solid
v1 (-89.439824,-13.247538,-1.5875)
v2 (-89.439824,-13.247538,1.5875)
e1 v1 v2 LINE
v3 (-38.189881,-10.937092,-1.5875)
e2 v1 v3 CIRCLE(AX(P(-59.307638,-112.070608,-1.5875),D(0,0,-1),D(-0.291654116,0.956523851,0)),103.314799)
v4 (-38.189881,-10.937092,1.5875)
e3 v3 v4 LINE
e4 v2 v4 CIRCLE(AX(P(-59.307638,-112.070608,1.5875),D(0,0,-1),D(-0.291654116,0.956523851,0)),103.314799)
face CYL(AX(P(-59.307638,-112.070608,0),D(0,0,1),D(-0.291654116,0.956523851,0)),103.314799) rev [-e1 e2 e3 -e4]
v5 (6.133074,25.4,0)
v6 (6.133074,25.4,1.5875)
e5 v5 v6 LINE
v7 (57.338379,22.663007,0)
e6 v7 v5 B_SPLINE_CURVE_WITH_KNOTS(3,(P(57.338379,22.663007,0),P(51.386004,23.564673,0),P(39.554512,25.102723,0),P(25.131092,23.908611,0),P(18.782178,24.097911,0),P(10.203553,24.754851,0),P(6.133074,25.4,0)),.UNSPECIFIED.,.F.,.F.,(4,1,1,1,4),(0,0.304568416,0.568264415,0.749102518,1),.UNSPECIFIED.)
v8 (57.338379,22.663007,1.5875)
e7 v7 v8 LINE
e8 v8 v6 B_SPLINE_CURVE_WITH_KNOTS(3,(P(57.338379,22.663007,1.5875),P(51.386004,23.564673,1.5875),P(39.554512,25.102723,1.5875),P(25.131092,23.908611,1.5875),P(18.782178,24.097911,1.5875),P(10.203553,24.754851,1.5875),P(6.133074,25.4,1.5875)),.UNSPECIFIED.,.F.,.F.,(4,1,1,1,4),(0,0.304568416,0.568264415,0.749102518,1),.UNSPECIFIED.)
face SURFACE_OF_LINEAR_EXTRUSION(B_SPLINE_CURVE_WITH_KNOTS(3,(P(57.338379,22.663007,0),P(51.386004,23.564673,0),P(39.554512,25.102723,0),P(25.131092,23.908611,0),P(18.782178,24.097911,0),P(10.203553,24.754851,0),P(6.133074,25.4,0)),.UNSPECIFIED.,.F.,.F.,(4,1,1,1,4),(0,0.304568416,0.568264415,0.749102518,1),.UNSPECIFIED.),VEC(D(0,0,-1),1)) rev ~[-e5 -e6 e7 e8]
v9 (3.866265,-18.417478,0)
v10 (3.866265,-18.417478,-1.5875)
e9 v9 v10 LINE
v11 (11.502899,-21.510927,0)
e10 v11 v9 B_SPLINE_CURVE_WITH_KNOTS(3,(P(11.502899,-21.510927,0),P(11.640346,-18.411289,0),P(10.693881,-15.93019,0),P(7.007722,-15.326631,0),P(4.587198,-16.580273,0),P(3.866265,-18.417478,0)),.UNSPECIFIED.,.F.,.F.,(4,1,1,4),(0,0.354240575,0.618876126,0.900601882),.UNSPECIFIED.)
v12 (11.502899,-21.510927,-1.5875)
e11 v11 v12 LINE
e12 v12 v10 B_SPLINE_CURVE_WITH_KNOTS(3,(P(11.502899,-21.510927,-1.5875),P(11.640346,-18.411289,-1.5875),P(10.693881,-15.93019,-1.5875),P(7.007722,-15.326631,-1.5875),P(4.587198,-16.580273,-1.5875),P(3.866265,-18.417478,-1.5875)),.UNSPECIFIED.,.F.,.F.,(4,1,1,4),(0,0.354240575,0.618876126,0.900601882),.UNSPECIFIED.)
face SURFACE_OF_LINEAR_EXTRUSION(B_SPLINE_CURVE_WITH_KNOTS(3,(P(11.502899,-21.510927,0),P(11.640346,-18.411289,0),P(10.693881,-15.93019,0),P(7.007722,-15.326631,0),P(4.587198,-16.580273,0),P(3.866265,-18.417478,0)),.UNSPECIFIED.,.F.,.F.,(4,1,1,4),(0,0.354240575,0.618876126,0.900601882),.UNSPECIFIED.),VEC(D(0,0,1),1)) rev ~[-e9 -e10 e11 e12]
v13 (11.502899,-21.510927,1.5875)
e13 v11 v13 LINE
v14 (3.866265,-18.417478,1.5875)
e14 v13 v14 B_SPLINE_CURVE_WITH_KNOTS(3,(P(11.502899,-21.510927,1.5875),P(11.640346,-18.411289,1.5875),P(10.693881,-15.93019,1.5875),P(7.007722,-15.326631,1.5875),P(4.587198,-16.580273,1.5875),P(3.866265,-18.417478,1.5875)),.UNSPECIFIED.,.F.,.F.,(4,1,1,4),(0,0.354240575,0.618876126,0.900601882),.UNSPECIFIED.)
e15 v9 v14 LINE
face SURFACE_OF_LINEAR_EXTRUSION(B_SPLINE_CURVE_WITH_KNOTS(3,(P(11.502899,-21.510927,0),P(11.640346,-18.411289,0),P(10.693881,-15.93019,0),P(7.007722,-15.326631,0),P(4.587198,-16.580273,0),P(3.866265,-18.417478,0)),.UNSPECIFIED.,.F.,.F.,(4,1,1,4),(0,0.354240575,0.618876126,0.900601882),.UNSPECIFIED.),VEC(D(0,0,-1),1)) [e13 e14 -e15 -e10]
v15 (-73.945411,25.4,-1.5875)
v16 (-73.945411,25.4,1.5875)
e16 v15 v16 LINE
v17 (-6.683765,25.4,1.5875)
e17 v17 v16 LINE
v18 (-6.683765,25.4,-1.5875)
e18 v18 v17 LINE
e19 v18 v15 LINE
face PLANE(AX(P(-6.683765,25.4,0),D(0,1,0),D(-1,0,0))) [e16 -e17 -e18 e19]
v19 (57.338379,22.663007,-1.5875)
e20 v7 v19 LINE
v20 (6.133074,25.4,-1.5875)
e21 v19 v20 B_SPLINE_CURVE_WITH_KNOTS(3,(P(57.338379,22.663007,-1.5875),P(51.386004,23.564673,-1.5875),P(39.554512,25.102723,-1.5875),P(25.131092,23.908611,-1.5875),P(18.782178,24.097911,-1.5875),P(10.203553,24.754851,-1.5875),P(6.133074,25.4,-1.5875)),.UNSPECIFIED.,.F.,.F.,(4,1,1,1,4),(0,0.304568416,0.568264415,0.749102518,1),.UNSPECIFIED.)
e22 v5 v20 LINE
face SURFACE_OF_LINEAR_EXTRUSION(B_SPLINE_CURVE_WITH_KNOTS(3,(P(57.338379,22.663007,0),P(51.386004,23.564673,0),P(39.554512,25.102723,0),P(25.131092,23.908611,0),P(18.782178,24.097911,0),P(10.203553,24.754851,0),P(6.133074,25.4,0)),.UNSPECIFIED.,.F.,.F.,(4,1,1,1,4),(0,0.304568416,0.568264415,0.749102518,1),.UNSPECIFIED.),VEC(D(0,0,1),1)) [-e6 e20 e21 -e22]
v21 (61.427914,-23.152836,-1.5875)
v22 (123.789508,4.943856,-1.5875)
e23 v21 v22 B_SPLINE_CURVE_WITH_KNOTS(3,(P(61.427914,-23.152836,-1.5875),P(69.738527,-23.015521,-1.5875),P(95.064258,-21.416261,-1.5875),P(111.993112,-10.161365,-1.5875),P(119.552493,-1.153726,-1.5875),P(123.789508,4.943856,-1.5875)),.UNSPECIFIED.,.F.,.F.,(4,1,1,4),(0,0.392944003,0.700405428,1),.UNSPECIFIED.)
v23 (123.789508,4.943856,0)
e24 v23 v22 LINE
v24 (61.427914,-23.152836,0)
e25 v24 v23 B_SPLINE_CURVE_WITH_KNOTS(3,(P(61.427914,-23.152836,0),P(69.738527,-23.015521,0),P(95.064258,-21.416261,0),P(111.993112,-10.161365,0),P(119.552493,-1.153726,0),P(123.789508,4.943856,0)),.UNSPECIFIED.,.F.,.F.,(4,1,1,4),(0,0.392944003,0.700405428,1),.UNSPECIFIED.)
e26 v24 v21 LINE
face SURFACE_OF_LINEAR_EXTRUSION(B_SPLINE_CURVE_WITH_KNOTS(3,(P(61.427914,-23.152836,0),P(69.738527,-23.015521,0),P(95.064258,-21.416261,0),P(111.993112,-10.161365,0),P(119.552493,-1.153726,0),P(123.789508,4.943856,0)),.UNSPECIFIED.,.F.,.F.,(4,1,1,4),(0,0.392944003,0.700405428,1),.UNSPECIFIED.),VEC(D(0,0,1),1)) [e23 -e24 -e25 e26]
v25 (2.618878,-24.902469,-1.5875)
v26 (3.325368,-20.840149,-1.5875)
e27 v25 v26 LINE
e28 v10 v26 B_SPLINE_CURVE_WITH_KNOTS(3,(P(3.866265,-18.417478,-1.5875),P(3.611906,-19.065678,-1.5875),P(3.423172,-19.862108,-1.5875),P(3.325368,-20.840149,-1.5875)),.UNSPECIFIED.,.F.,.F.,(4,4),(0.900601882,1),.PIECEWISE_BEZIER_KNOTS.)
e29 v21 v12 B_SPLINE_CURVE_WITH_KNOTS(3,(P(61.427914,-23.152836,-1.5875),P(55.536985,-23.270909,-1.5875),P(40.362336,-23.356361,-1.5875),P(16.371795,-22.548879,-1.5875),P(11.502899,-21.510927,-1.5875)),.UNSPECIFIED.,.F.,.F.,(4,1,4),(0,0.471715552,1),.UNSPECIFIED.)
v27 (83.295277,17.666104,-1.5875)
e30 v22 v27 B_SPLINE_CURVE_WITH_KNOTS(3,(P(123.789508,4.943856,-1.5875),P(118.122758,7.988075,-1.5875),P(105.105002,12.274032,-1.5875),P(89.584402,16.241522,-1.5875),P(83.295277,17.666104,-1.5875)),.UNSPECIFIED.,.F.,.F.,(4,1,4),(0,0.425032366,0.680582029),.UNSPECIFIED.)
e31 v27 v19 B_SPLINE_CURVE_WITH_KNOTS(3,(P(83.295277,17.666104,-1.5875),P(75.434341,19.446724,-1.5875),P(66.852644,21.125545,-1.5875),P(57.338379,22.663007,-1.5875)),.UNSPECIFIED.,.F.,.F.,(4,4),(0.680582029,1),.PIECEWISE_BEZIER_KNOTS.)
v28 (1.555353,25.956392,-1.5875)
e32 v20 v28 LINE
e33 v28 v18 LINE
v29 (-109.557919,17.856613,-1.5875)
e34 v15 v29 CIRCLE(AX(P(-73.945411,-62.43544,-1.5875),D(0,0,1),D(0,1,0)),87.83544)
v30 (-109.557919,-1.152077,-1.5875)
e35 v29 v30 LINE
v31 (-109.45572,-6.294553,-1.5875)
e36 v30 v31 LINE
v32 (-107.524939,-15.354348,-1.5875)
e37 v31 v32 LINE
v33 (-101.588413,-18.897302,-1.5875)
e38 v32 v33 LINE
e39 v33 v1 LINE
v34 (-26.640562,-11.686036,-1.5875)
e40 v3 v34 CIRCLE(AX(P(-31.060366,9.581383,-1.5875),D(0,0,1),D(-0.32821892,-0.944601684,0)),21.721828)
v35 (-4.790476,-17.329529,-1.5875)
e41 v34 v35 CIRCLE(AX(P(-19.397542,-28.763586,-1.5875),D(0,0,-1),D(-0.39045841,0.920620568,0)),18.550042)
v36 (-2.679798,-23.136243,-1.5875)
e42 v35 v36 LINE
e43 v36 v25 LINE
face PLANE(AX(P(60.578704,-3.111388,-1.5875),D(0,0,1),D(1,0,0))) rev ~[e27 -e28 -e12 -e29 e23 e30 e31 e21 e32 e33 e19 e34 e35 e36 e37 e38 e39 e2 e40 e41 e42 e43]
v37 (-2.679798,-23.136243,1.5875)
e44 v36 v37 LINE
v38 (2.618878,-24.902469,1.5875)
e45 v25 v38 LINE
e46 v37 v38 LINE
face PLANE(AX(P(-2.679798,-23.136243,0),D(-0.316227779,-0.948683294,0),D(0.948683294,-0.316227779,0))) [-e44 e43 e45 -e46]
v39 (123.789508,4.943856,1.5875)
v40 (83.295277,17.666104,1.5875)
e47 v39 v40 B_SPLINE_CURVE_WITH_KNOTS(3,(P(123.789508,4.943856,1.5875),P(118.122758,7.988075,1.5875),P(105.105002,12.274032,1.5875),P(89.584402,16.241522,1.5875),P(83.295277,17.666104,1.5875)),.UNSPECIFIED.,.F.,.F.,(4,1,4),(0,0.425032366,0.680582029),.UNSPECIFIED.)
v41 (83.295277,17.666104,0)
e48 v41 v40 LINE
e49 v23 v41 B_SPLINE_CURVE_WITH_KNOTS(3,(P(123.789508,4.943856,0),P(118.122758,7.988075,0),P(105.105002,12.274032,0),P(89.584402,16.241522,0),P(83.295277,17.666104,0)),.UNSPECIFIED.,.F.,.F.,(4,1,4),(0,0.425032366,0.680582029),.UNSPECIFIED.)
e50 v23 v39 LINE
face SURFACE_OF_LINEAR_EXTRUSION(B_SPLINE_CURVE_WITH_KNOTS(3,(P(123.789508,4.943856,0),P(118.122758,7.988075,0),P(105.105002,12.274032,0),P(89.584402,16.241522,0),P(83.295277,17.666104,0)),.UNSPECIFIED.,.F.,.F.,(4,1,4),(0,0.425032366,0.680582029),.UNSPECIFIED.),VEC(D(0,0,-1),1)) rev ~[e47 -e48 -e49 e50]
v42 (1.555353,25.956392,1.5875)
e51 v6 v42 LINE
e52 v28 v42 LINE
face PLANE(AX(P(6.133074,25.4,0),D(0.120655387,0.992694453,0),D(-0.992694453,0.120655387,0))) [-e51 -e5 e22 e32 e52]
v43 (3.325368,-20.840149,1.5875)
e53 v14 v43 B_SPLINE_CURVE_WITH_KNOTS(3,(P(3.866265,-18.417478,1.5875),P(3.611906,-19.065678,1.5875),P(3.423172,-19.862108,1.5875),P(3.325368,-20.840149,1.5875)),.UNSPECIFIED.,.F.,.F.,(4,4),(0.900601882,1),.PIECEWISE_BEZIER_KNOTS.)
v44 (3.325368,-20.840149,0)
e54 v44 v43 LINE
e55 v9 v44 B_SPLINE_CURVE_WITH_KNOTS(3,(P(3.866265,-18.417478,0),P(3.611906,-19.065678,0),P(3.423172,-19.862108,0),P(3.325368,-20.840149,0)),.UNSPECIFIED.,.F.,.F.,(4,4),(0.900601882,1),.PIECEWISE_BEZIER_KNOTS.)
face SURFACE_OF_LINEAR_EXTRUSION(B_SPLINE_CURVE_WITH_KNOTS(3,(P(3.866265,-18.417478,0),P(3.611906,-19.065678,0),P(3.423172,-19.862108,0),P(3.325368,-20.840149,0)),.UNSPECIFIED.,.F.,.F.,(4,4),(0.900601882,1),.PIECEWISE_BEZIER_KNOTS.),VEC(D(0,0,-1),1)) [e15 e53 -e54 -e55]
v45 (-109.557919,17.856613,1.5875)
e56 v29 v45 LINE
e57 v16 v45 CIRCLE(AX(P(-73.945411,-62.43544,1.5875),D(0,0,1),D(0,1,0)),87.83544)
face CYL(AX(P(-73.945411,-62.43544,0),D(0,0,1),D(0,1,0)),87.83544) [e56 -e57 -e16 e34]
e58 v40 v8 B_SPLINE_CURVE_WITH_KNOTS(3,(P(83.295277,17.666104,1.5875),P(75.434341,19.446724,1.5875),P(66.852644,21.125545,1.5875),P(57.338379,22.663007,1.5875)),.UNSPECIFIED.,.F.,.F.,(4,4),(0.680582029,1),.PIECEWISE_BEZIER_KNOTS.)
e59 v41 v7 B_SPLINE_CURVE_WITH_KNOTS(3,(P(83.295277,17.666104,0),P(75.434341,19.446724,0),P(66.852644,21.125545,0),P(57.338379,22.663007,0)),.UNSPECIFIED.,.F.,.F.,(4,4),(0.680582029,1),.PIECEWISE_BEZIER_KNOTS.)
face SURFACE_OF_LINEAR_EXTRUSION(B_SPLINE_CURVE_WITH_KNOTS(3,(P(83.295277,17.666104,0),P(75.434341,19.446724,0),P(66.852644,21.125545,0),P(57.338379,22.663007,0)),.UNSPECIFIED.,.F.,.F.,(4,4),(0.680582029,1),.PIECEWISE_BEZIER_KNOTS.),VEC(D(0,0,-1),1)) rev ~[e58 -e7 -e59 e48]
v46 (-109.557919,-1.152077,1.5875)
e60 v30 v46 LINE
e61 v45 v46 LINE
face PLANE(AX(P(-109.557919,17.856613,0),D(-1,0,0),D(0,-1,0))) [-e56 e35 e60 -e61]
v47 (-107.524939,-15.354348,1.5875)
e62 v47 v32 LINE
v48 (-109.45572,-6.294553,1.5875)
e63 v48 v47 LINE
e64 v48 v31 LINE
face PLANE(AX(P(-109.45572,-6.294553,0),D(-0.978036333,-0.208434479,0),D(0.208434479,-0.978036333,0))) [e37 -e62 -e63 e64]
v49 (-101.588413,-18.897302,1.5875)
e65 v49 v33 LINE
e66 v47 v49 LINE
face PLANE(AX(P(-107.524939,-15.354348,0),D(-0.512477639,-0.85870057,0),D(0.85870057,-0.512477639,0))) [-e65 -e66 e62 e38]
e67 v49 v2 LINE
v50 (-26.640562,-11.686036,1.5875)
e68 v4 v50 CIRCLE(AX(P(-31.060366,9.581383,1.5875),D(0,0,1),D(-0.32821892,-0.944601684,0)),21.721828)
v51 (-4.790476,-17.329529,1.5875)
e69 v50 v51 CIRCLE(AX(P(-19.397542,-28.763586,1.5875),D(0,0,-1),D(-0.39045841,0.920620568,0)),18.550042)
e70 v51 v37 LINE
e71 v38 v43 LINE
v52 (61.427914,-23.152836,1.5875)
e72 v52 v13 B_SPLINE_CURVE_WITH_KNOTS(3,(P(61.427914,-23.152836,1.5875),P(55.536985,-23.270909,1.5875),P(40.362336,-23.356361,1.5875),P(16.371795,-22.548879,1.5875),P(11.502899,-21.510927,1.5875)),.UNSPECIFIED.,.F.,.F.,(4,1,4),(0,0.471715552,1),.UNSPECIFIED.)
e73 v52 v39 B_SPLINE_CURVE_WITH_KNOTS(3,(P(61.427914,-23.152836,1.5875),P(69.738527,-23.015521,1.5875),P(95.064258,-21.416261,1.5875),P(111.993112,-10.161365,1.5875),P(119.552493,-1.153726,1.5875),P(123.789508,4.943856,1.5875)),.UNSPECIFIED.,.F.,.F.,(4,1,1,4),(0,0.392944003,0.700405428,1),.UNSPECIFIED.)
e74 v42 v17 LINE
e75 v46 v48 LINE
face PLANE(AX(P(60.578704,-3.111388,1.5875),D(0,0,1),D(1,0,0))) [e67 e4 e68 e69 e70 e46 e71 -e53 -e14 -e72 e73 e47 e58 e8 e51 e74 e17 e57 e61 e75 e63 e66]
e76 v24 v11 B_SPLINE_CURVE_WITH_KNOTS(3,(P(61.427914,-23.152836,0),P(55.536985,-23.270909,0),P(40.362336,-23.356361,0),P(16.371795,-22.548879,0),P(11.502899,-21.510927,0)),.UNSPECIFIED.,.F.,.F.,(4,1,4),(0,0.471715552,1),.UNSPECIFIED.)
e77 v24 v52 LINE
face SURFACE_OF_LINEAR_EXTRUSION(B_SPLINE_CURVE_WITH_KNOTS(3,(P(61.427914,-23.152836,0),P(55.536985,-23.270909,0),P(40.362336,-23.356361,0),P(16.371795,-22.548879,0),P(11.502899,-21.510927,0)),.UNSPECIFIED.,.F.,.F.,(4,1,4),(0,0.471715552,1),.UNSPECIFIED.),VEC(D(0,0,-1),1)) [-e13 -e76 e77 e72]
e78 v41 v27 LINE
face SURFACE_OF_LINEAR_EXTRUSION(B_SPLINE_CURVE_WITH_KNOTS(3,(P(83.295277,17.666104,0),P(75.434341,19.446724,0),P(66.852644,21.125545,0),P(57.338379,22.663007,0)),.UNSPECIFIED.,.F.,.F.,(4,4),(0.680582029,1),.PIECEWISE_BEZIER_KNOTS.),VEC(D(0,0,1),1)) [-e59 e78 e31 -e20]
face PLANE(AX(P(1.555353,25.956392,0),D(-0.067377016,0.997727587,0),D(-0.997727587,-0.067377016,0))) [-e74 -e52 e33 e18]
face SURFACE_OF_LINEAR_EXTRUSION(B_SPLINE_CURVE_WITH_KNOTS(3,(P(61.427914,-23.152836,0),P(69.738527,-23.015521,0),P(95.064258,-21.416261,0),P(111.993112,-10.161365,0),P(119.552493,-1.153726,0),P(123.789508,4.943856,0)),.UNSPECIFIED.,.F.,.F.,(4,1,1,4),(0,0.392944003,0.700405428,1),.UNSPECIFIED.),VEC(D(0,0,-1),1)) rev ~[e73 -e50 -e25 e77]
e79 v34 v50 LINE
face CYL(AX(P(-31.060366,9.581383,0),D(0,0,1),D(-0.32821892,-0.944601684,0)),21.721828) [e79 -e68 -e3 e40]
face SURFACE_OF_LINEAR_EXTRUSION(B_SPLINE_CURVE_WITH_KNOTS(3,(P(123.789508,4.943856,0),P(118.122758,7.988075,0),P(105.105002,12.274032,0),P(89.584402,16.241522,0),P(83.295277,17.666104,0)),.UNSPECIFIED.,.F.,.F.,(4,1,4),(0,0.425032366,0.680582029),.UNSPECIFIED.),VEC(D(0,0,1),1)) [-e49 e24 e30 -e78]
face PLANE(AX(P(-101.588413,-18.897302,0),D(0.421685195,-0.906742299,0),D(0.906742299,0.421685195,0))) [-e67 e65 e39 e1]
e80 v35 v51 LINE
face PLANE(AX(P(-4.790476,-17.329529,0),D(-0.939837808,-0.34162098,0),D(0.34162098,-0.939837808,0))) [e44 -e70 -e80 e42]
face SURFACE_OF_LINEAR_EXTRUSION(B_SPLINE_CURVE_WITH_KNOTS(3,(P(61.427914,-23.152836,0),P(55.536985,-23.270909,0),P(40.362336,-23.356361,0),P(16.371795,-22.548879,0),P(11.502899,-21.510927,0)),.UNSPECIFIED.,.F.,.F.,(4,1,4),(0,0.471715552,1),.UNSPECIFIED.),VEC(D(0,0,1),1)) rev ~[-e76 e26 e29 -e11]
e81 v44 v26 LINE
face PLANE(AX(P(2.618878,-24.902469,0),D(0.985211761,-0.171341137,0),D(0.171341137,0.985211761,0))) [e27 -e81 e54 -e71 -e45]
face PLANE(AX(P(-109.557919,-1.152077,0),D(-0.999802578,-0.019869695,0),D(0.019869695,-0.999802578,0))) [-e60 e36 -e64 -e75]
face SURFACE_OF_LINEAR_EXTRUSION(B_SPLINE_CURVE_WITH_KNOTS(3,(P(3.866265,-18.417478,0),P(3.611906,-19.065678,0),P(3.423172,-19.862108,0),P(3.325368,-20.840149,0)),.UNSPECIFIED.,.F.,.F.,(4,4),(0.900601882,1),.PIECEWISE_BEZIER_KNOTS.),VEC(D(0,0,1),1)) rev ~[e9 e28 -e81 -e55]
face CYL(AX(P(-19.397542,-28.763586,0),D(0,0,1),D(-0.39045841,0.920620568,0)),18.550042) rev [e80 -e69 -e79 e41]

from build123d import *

# Parameters (mm, degrees)
F1_DEPTH      = 1.5875
F2_DEPTH      = 1.5875
F3_DEPTH      = 1.5875
F3_DEPTH_BACK = 1.5875


with BuildPart() as f1:
    # F0 (on Top) → F1 (new body)
    with BuildSketch(Plane.XY):
        with BuildLine():
            Line((-101.5884131193, -18.8973024487), (-89.4398242235, -13.247538358))
            ThreePointArc((-89.4398242235, -13.247538358), (-63.9605427044, -8.860636447), (-38.1898805499, -10.9370918944))
            ThreePointArc((-38.1898805499, -10.9370918944), (-32.4660196125, -12.0949158123), (-26.640561875, -11.6860363632))
            ThreePointArc((-26.640561875, -11.6860363632), (-14.7586255851, -10.8029487579), (-4.7904760577, -17.3295289278))
            Line((-4.7904760577, -17.3295289278), (-2.6797975879, -23.1362432241))
            Line((-2.6797975879, -23.1362432241), (2.6188781485, -24.9024685472))
            Line((2.6188781485, -24.9024685472), (3.3253682777, -20.8401493728))
            add(Edge.make_bspline(
                [(3.8662650694, -18.4174778796), (3.611906377, -19.0656781935), (3.4231723145, -19.8621077155), (3.3253682777, -20.8401493728)],
                knots=[0.9006018819, 0.9006018819, 0.9006018819, 0.9006018819, 1, 1, 1, 1], degree=3))
            ThreePointArc((3.8662650694, -18.4174778796), (9.6420642738, -2.2568424674), (17.1927238868, 13.1546315953))
            add(Edge.make_bspline(
                [(19.2337166518, 14.6902082488), (18.6318591554, 14.4187646386), (17.59365201, 13.7314004824), (17.1927238868, 13.1546315953)],
                knots=[0, 0, 0, 0, 2.5541431294, 2.5541431294, 2.5541431294, 2.5541431294], degree=3))
            add(Edge.make_bspline(
                [(83.2952766221, 17.6661035357), (80.4809135378, 16.6286477767), (74.7370679332, 14.5111030682), (64.3408485466, 15.5369801541), (53.4850420824, 16.9731062249), (39.4603352069, 19.1405437268), (27.191213055, 18.2323443266), (21.8879047106, 15.9122857049), (19.2337166518, 14.6902082488)],
                knots=[0, 0, 0, 0, 0.1519877595, 0.3134001461, 0.4827768067, 0.6751193638, 0.8516699299, 1, 1, 1, 1], degree=3))
            add(Edge.make_bspline(
                [(83.2952766221, 17.6661035357), (75.4343407531, 19.4467237762), (66.8526441437, 21.1255448484), (57.3383793235, 22.663006559)],
                knots=[0.6805820288, 0.6805820288, 0.6805820288, 0.6805820288, 1, 1, 1, 1], degree=3))
            add(Edge.make_bspline(
                [(57.3383793235, 22.663006559), (51.3860041145, 23.5646728097), (39.5545116639, 25.1027234946), (25.1310915838, 23.9086109925), (18.7821781751, 24.0979107297), (10.2035533763, 24.7548514651), (6.1330744065, 25.4)],
                knots=[0, 0, 0, 0, 0.3045684162, 0.5682644154, 0.7491025184, 1, 1, 1, 1], degree=3))
            Line((6.1330744065, 25.4), (1.5553526144, 25.95639154))
            Line((1.5553526144, 25.95639154), (-6.6837654449, 25.4))
            Line((-6.6837654449, 25.4), (-20.9665372968, 25.4))
            Line((-20.9665372968, 25.4), (-73.9454105496, 25.4))
            ThreePointArc((-73.9454105496, 25.4), (-92.1467392312, 23.4934617336), (-109.5579192042, 17.8566128016))
            Line((-109.5579192042, 17.8566128016), (-109.5579192042, -1.152076642))
            Line((-109.5579192042, -1.152076642), (-109.4557195902, -6.2945531681))
            Line((-109.4557195902, -6.2945531681), (-107.5249388814, -15.3543483466))
            Line((-107.5249388814, -15.3543483466), (-101.5884131193, -18.8973024487))
        make_face()
    extrude(amount=F1_DEPTH)

    # F2 (add): a face of the model
    f2_faces = [f1.faces().sort_by_distance(p)[0] for p in [
        (-39.6121775227, 7.2978383867, 0),
    ]]
    extrude(f2_faces, amount=F2_DEPTH)

    # F0 (on Top) → F3 (join, two sides)
    with BuildSketch(Plane.XY) as f3_sk:
        with BuildLine():
            ThreePointArc((17.1927238868, 13.1546315953), (9.6420642738, -2.2568424674), (3.8662650694, -18.4174778796))
            add(Edge.make_bspline(
                [(11.5028988087, -21.510926818), (11.6403456009, -18.4112889852), (10.6938808175, -15.9301904115), (7.0077218043, -15.3266314496), (4.5871981853, -16.580272839), (3.8662650694, -18.4174778796)],
                knots=[0, 0, 0, 0, 0.354240575, 0.6188761258, 0.9006018819, 0.9006018819, 0.9006018819, 0.9006018819], degree=3))
            add(Edge.make_bspline(
                [(61.4279137712, -23.1528356665), (55.5369847146, -23.2709089404), (40.3623363295, -23.3563614522), (16.3717952101, -22.5488794213), (11.5028988087, -21.510926818)],
                knots=[0, 0, 0, 0, 0.4717155518, 1, 1, 1, 1], degree=3))
            add(Edge.make_bspline(
                [(61.4279137712, -23.1528356665), (69.7385266657, -23.0155210755), (95.0642582897, -21.4162605515), (111.9931118186, -10.1613653445), (119.5524930257, -1.1537255666), (123.7895080587, 4.9438558941)],
                knots=[0, 0, 0, 0, 0.3929440031, 0.7004054275, 1, 1, 1, 1], degree=3))
            add(Edge.make_bspline(
                [(123.7895080587, 4.9438558941), (118.1227580639, 7.9880751421), (105.1050021221, 12.2740321559), (89.5844015046, 16.2415221313), (83.2952766221, 17.6661035357)],
                knots=[0, 0, 0, 0, 0.425032366, 0.6805820288, 0.6805820288, 0.6805820288, 0.6805820288], degree=3))
            add(Edge.make_bspline(
                [(83.2952766221, 17.6661035357), (80.4809135378, 16.6286477767), (74.7370679332, 14.5111030682), (64.3408485466, 15.5369801541), (53.4850420824, 16.9731062249), (39.4603352069, 19.1405437268), (27.191213055, 18.2323443266), (21.8879047106, 15.9122857049), (19.2337166518, 14.6902082488)],
                knots=[0, 0, 0, 0, 0.1519877595, 0.3134001461, 0.4827768067, 0.6751193638, 0.8516699299, 1, 1, 1, 1], degree=3))
            add(Edge.make_bspline(
                [(19.2337166518, 14.6902082488), (18.6318591554, 14.4187646386), (17.59365201, 13.7314004824), (17.1927238868, 13.1546315953)],
                knots=[0, 0, 0, 0, 2.5541431294, 2.5541431294, 2.5541431294, 2.5541431294], degree=3))
        make_face()
    extrude(amount=F3_DEPTH)
    extrude(f3_sk.sketch, amount=-F3_DEPTH_BACK)


solid = f1.part
